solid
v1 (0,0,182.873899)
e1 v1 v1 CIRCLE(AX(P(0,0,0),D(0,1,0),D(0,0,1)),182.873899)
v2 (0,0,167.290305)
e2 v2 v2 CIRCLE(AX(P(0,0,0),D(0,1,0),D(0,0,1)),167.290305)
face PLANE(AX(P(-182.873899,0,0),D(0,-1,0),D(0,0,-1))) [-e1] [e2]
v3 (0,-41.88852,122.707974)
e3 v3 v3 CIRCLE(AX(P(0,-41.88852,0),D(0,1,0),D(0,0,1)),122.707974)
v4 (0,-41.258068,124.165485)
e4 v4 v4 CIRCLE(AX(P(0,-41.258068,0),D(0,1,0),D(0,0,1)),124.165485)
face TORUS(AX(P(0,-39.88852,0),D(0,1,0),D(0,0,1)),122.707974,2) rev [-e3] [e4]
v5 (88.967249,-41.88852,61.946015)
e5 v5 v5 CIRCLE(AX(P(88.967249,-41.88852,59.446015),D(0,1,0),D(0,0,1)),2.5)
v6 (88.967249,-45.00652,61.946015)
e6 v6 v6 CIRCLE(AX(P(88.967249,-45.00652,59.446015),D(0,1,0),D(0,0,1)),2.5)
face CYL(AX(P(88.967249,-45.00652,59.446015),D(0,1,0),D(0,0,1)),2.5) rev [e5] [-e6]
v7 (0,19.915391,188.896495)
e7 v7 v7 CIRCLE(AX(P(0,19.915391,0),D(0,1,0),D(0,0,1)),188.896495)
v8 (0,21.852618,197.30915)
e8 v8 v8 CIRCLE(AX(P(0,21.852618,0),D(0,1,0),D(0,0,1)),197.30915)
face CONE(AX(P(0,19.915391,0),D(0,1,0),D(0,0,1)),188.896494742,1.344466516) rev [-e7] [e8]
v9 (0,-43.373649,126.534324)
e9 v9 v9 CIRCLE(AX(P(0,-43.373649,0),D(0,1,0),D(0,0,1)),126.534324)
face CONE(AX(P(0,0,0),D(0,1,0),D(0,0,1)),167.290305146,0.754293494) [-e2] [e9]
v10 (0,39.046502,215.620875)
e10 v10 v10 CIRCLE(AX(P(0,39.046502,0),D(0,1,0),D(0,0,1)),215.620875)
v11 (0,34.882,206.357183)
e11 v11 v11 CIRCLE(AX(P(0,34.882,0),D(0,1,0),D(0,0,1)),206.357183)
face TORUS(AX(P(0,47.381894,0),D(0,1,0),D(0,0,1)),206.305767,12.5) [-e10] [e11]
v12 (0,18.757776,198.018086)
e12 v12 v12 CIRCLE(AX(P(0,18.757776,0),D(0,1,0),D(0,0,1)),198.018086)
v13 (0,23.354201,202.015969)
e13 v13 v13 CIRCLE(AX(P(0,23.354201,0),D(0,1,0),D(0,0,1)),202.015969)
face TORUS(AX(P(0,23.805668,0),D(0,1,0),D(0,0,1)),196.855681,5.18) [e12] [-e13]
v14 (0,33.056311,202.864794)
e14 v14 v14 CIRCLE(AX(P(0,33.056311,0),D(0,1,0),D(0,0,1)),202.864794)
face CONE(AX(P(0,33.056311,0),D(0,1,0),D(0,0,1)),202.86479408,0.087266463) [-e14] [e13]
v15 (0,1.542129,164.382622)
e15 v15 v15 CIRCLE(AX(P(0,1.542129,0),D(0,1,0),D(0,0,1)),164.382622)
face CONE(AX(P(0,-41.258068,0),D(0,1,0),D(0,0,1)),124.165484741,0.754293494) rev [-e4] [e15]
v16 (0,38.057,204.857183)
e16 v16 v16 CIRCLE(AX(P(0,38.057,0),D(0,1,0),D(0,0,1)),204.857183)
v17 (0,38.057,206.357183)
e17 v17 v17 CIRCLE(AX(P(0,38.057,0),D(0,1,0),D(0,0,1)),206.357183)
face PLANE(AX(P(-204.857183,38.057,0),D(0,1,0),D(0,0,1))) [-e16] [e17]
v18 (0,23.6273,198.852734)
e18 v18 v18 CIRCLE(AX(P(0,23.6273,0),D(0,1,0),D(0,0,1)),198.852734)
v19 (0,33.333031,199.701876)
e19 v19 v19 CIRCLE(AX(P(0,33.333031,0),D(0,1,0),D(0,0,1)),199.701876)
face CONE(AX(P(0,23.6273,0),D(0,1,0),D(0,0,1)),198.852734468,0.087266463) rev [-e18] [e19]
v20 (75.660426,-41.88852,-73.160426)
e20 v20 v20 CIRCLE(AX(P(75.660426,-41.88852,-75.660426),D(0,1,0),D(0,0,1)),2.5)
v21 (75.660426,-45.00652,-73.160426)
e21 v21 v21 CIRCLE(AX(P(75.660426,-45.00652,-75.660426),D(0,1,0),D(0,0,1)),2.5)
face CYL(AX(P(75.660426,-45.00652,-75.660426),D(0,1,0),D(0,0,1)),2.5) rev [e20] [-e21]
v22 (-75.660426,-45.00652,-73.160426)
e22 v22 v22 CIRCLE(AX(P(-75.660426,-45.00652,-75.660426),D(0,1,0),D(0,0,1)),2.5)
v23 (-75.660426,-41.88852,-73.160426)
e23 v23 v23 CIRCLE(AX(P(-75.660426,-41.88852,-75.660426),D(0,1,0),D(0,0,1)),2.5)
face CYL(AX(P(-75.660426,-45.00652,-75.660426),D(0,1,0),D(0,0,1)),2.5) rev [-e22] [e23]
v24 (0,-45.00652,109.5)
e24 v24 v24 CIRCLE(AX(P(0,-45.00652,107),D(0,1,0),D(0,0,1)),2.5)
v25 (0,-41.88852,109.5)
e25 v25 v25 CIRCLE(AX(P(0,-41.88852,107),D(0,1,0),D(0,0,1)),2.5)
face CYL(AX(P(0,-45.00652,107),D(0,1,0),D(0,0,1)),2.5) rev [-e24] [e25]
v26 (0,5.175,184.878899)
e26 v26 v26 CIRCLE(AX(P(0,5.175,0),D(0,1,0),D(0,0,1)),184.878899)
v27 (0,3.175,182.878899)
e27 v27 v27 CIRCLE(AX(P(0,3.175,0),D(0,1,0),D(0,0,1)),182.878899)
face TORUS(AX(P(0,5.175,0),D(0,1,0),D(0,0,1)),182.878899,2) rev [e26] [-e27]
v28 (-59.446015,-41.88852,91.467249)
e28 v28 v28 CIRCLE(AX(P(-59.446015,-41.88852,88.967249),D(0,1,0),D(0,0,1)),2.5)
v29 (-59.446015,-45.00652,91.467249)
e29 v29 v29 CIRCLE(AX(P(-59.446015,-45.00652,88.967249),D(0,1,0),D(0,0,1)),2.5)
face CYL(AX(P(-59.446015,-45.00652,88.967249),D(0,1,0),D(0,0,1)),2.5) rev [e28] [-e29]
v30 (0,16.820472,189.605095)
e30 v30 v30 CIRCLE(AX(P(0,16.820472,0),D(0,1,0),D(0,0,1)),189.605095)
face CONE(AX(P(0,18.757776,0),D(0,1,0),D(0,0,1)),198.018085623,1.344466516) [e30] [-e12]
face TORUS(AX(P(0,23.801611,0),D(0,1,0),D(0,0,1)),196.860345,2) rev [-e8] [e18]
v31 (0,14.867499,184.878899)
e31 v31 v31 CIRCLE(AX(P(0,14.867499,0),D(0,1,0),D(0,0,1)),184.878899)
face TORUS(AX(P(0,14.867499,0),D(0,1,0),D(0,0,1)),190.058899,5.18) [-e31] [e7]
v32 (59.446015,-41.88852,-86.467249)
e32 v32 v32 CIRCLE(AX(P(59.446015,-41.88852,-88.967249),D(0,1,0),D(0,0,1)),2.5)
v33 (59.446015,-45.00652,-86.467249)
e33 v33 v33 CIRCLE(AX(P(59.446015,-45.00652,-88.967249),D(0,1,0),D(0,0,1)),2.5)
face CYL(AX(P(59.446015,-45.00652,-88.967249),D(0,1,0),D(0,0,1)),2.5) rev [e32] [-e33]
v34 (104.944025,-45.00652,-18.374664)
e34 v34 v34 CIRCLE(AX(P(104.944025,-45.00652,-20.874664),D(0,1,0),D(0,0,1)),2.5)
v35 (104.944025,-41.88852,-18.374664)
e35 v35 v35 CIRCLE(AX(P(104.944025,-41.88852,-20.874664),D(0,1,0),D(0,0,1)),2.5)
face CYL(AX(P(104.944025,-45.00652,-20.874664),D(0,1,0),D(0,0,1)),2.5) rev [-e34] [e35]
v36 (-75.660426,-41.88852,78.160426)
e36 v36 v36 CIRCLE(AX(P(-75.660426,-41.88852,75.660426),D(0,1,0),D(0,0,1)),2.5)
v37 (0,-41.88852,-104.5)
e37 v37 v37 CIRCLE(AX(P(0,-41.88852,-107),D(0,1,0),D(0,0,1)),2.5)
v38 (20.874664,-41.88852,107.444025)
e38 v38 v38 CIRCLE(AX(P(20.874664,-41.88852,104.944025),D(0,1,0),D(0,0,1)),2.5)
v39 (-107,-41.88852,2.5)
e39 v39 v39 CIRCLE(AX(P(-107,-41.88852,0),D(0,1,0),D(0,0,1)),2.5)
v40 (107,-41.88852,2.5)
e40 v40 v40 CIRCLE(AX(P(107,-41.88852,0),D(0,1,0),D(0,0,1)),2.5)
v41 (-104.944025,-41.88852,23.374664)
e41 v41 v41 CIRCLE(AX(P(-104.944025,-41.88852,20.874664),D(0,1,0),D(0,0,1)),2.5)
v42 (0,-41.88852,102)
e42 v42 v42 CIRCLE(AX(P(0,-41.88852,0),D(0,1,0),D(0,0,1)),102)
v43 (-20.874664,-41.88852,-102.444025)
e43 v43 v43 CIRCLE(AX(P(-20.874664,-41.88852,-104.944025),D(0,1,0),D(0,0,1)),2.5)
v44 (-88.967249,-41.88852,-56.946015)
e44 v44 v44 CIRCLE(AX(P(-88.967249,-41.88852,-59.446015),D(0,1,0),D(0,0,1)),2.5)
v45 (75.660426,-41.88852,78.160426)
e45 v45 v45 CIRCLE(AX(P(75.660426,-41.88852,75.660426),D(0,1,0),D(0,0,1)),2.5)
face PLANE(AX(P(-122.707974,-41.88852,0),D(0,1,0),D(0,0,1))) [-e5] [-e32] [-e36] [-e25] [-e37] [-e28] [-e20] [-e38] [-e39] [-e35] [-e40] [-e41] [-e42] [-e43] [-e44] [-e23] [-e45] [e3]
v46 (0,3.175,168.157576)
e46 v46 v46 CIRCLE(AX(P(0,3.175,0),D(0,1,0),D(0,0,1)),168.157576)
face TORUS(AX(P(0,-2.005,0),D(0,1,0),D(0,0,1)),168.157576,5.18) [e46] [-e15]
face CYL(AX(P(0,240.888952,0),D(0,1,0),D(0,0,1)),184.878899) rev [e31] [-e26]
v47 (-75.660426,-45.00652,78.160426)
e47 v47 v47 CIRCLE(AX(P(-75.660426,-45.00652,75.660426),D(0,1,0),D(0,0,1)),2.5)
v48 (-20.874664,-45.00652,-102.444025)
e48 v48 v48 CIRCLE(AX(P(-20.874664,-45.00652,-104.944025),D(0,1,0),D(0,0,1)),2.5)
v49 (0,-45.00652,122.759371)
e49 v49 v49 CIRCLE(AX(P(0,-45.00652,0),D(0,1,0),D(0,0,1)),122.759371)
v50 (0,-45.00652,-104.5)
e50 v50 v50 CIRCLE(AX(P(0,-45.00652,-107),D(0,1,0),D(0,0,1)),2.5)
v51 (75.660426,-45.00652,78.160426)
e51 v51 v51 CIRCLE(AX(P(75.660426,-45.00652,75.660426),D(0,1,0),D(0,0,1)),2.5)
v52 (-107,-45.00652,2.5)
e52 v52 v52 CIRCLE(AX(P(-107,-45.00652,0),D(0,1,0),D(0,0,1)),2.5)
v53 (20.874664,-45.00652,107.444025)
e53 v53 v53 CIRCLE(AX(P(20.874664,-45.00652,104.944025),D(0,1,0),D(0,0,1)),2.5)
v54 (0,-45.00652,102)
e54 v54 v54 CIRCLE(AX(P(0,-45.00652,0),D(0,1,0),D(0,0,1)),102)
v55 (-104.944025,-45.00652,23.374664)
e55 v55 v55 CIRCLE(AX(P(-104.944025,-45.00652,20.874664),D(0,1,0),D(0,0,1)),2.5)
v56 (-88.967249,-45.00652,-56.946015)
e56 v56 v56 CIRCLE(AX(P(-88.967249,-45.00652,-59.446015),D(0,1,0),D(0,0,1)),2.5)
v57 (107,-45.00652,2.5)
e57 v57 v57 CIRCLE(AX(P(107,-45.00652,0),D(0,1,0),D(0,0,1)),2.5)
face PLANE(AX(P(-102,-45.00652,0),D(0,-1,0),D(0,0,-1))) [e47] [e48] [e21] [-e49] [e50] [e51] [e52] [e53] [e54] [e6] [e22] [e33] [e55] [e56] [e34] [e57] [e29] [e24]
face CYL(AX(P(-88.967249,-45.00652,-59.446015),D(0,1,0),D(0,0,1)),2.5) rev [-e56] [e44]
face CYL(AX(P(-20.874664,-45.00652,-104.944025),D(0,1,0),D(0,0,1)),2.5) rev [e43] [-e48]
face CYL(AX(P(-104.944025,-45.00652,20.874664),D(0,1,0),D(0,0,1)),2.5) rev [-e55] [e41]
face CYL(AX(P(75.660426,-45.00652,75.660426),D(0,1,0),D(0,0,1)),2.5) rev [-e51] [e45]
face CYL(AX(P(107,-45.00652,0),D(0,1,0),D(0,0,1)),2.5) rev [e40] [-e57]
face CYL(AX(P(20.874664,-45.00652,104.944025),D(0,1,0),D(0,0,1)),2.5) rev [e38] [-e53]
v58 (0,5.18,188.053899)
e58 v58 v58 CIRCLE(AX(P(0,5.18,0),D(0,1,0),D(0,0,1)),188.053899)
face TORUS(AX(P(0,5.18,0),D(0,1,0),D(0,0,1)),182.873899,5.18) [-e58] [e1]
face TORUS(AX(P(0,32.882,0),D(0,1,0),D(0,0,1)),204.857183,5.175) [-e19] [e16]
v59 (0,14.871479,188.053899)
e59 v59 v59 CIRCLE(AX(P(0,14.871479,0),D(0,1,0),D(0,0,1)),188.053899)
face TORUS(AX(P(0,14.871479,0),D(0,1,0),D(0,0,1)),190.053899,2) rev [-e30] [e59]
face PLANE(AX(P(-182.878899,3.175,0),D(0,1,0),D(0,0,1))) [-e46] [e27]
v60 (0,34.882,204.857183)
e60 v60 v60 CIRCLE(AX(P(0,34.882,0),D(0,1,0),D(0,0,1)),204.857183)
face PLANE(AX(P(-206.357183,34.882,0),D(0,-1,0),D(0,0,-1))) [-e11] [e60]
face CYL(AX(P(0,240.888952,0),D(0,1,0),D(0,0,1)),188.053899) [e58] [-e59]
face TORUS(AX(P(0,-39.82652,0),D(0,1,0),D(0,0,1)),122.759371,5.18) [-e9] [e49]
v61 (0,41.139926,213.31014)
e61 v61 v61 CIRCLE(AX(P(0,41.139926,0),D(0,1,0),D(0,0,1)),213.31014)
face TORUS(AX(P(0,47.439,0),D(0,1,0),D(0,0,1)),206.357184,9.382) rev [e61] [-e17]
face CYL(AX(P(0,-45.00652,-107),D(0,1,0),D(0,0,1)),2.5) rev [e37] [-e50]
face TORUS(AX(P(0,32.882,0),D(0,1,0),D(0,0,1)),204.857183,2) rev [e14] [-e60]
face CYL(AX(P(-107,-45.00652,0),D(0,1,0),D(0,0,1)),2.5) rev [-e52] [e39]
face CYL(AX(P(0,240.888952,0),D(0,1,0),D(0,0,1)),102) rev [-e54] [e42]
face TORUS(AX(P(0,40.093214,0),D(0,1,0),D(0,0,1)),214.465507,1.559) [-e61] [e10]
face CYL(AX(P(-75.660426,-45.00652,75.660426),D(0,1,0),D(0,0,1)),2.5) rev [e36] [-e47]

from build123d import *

# Parameters (mm, degrees)
SKETCH4_R               = 2.5
CUT_EXTRUDE3_DEPTH      = 42.652214206
CUT_EXTRUDE3_DEPTH_BACK = 46.006520078


with BuildPart() as part:
    # Sketch3 → Revolve2 (revolve)
    with BuildSketch(Plane.XY):
        with BuildLine():
            Line((-102, -45.006520078), (-122.759370887, -45.006520078))
            ThreePointArc((-122.759370887, -45.006520078), (-124.815857083, -44.580809144), (-126.534324491, -43.373649239))
            Line((-126.534324491, -43.373649239), (-167.290305146, 0))
            Line((-167.290305146, 0), (-182.873899467, 0))
            ThreePointArc((-182.873899467, 0), (-186.536712594, 1.517186873), (-188.053899467, 5.18))
            Line((-188.053899467, 5.18), (-188.053899467, 14.871478749))
            ThreePointArc((-188.053899467, 14.871478749), (-188.489033686, 16.116948575), (-189.605094554, 16.820471861))
            Line((-189.605094554, 16.820471861), (-198.018085623, 18.757775643))
            ThreePointArc((-198.018085623, 18.757775643), (-200.764119737, 20.406181688), (-202.015969434, 23.354201055))
            Line((-202.015969434, 23.354201055), (-202.86479408, 33.056311154))
            ThreePointArc((-202.86479408, 33.056311154), (-203.506003061, 34.356554342), (-204.857183476, 34.881999668))
            Line((-204.857183476, 34.881999668), (-206.357183476, 34.881999668))
            ThreePointArc((-206.357183476, 34.881999668), (-211.431068422, 35.980960403), (-215.620875017, 39.046501766))
            ThreePointArc((-215.620875017, 39.046501766), (-215.512219763, 41.2485817), (-213.310139829, 41.139926446))
            ThreePointArc((-213.310139829, 41.139926446), (-210.16007843, 38.862291983), (-206.357183499, 38.056999668))
            Line((-206.357183499, 38.056999668), (-204.857183476, 38.056999668))
            ThreePointArc((-204.857183476, 38.056999668), (-201.361004152, 36.697409886), (-199.701875913, 33.333030637))
            Line((-199.701875913, 33.333030637), (-198.852734468, 23.627299506))
            ThreePointArc((-198.852734468, 23.627299506), (-198.369394817, 22.489068091), (-197.309149985, 21.85261788))
            Line((-197.309149985, 21.85261788), (-188.896494742, 19.915391431))
            ThreePointArc((-188.896494742, 19.915391431), (-186.005897094, 18.09326612), (-184.878899467, 14.867499271))
            Line((-184.878899467, 14.867499271), (-184.878899467, 5.175))
            ThreePointArc((-184.878899467, 5.175), (-184.293113029, 3.760786438), (-182.878899467, 3.175))
            Line((-182.878899467, 3.175), (-168.157575681, 3.175))
            ThreePointArc((-168.157575681, 3.175), (-166.101089486, 2.749289067), (-164.382622077, 1.542129161))
            Line((-164.382622077, 1.542129161), (-124.165484741, -41.258068016))
            ThreePointArc((-124.165484741, -41.258068016), (-123.501983812, -41.724152922), (-122.707973697, -41.888520078))
            Line((-122.707973697, -41.888520078), (-102, -41.888520078))
            Line((-102, -41.888520078), (-102, -45.006520078))
        make_face()
    revolve(axis=Axis((0, 240.888952165, 0), (0, -1, 0)))

    # Sketch4 → Cut-Extrude3 (cut, two sides)
    with BuildSketch(Plane(origin=(0, 0, 0), x_dir=(1, 0, 0), z_dir=(0, 1, 0))) as cut_extrude3_sk:
        with Locations((0, 107)):
            Circle(SKETCH4_R)
        with Locations((-3884.181572475, -9484.24383099)):
            Circle(SKETCH4_R)
        with Locations((-13412.746254639, -13519.746254639)):
            Circle(SKETCH4_R)
        with Locations((-23003.990085629, -9635.564682164)):
            Circle(SKETCH4_R)
        with Locations((-27039.492509279, -107)):
            Circle(SKETCH4_R)
        with Locations((-23155.310936803, 9484.24383099)):
            Circle(SKETCH4_R)
        with Locations((-13626.746254639, 13519.746254639)):
            Circle(SKETCH4_R)
        with Locations((-4035.502423649, 9635.564682164)):
            Circle(SKETCH4_R)
        with Locations((-20.874664456, 104.944025003)):
            Circle(SKETCH4_R)
        with Locations((-3900.395983129, -9470.93700806)):
            Circle(SKETCH4_R)
        with Locations((-13414.802229636, -13498.871590184)):
            Circle(SKETCH4_R)
        with Locations((-22990.6832627, -9619.35027151)):
            Circle(SKETCH4_R)
        with Locations((-27018.617844823, -104.944025003)):
            Circle(SKETCH4_R)
        with Locations((-23139.096526149, 9470.93700806)):
            Circle(SKETCH4_R)
        with Locations((-13624.690279642, 13498.871590184)):
            Circle(SKETCH4_R)
        with Locations((-4048.809246579, 9619.35027151)):
            Circle(SKETCH4_R)
        with Locations((75.660425587, 75.660425587)):
            Circle(SKETCH4_R)
        with Locations((59.446014933, 88.967248516)):
            Circle(SKETCH4_R)
        with Locations((107, 0)):
            Circle(SKETCH4_R)
        with Locations((104.944025003, 20.874664456)):
            Circle(SKETCH4_R)
        with Locations((75.660425587, -75.660425587)):
            Circle(SKETCH4_R)
        with Locations((88.967248516, -59.446014933)):
            Circle(SKETCH4_R)
        with Locations((0, -107)):
            Circle(SKETCH4_R)
        with Locations((20.874664456, -104.944025003)):
            Circle(SKETCH4_R)
        with Locations((-75.660425587, -75.660425587)):
            Circle(SKETCH4_R)
        with Locations((-59.446014933, -88.967248516)):
            Circle(SKETCH4_R)
        with Locations((-107, 0)):
            Circle(SKETCH4_R)
        with Locations((-104.944025003, -20.874664456)):
            Circle(SKETCH4_R)
        with Locations((-75.660425587, 75.660425587)):
            Circle(SKETCH4_R)
        with Locations((-88.967248516, 59.446014933)):
            Circle(SKETCH4_R)
    extrude(amount=CUT_EXTRUDE3_DEPTH, mode=Mode.SUBTRACT)
    extrude(cut_extrude3_sk.sketch, amount=-CUT_EXTRUDE3_DEPTH_BACK, mode=Mode.SUBTRACT)


solid = part.part
